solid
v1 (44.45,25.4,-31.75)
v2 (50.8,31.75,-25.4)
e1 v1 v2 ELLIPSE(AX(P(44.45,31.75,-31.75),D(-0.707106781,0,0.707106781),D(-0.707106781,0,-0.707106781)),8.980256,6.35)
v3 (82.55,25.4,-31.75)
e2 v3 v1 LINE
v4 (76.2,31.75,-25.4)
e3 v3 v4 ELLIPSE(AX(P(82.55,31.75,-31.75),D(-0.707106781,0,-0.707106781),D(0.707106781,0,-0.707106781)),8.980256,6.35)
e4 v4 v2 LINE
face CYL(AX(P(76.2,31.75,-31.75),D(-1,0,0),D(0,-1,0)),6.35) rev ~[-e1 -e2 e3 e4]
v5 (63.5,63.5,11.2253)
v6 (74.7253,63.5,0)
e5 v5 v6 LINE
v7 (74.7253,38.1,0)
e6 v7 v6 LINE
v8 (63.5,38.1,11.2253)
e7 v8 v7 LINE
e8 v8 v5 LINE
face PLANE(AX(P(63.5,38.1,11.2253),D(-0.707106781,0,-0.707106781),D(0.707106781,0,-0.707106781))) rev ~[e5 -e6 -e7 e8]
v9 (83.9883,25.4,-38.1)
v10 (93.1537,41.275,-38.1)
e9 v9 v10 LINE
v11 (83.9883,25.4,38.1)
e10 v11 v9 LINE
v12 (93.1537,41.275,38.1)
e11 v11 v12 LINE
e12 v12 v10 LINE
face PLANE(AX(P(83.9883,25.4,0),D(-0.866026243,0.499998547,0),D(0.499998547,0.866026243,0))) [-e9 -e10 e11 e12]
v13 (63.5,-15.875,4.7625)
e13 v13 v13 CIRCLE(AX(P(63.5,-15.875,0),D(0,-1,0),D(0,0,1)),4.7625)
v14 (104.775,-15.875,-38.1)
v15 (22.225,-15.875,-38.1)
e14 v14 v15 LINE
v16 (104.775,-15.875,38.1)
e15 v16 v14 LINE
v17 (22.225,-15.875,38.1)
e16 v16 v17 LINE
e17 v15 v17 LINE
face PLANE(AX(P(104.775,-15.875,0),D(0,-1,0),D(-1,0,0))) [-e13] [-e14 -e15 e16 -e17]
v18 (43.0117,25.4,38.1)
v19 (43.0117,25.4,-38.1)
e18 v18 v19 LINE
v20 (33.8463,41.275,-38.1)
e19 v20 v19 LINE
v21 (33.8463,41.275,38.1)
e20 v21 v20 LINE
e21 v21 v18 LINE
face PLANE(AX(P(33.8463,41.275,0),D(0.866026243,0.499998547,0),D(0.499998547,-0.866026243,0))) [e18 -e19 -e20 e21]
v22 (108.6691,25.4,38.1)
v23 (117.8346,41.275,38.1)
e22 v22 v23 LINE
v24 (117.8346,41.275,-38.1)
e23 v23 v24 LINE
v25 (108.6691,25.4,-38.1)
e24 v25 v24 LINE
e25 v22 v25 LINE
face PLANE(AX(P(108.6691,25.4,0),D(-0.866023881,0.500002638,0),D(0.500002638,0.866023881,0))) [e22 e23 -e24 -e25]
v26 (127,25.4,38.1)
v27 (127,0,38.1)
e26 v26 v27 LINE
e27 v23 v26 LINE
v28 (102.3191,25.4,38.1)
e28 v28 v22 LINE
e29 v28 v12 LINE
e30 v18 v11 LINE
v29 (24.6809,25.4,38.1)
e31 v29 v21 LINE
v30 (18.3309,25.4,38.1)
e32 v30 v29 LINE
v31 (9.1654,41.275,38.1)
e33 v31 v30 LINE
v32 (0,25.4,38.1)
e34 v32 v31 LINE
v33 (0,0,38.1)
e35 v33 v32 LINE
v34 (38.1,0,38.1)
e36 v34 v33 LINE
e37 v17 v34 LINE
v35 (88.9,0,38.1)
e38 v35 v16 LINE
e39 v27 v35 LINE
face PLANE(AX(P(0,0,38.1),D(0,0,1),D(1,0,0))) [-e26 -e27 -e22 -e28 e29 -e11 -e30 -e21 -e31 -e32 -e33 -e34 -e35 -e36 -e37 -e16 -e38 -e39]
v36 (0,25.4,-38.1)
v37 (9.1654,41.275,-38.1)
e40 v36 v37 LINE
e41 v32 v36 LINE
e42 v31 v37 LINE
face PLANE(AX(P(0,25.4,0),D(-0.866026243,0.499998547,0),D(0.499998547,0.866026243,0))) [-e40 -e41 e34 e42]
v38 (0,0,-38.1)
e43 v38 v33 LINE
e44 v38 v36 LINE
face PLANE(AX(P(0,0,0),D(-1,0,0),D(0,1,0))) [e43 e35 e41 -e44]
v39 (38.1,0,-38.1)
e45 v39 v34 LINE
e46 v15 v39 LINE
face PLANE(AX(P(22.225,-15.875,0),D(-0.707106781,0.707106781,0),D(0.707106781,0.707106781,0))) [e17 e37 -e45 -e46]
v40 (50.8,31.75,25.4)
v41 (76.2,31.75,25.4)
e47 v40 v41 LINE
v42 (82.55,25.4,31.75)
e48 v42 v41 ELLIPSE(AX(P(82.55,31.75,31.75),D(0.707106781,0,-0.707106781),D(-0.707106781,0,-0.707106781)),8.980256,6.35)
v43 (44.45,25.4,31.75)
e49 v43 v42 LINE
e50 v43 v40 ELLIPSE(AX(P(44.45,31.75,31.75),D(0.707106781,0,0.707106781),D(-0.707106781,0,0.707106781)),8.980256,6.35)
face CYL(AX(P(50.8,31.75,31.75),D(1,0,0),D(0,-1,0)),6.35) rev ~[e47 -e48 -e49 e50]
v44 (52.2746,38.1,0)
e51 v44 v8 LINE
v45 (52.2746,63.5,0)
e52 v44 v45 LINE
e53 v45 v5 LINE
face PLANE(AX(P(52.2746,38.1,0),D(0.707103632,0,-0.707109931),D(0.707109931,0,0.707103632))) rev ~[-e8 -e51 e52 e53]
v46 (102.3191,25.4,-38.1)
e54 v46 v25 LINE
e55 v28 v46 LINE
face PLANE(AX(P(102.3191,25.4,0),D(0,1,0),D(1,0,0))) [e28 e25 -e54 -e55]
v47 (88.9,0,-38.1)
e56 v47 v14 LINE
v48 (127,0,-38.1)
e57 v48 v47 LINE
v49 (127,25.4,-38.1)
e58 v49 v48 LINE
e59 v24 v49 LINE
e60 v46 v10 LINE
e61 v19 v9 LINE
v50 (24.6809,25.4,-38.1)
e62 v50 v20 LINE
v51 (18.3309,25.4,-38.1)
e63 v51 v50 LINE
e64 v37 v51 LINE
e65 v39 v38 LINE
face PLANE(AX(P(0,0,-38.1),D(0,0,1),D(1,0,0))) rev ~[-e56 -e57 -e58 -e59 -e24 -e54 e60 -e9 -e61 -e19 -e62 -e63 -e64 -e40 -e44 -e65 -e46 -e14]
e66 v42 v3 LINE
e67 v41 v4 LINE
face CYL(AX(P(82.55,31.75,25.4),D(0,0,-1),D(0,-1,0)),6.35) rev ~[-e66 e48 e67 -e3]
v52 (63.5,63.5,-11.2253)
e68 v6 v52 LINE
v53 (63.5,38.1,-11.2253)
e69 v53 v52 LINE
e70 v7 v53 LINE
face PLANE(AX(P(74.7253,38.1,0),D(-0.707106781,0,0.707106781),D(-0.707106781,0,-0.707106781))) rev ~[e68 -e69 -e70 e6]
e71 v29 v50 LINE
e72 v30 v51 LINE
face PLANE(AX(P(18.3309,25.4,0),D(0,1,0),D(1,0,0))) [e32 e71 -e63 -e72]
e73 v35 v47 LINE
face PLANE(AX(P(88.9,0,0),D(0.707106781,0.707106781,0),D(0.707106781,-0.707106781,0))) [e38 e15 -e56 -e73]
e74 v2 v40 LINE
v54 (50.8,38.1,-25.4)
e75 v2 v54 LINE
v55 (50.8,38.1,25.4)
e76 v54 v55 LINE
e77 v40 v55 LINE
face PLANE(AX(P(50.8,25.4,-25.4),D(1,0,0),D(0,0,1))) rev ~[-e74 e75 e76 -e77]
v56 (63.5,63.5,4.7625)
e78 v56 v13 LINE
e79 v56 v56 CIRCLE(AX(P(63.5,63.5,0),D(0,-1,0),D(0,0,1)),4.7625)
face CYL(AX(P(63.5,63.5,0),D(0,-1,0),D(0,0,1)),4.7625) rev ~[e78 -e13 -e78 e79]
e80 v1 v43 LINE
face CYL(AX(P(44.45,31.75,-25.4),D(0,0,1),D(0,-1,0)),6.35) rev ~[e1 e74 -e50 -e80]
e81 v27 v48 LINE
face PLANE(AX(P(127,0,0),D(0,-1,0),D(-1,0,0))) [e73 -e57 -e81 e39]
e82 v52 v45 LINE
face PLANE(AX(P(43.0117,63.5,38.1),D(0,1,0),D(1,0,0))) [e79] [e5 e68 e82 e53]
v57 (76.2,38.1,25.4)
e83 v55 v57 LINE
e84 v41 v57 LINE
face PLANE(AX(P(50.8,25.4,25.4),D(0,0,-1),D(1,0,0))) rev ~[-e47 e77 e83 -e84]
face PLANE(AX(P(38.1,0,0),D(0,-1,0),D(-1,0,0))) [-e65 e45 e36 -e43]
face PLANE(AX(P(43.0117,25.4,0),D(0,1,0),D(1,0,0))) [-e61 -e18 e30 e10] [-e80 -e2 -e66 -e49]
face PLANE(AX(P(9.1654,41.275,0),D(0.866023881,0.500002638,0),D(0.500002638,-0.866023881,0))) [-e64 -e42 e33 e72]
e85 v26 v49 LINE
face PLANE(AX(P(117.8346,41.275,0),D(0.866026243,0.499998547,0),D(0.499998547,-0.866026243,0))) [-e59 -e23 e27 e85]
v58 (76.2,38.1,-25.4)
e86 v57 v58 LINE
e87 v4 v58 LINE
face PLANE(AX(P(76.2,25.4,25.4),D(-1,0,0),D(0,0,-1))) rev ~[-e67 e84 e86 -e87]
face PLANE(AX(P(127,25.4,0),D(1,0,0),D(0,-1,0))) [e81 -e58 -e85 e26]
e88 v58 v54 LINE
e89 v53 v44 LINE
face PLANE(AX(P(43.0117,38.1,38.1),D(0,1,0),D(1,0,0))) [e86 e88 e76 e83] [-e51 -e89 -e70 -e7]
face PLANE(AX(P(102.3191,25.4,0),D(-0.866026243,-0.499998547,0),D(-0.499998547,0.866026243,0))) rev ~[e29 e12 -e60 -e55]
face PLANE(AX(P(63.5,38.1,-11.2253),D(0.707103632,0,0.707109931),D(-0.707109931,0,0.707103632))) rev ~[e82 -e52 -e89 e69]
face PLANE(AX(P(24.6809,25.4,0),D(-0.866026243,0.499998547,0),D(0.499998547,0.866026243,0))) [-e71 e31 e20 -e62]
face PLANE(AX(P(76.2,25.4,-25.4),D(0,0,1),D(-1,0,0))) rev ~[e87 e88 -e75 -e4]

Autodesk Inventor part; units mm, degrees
ref_plane "YZ Plane" through (0, 0, 0) normal (1, 0, 0) x (0, 1, 0)
ref_plane "XZ Plane" through (0, 0, 0) normal (0, 1, 0) x (-1, 0, 0)
ref_plane "XY Plane" through (0, 0, 0) normal (0, 0, 1) x (1, 0, 0)
sketch "Sketch1" plane through (0, 0, 0) normal (0, 0, 1) x (1, 0, 0)
  line L0 (0, 0) -> (0, 25.4)
  line L1 (0, 25.4) -> (9.1654, 41.275)
  line L2 (9.1654, 41.275) -> (18.3309, 25.4)
  line L3 (18.3309, 25.4) -> (24.6809, 25.4)
  line L4 (24.6809, 25.4) -> (33.8463, 41.275)
  line L5 (33.8463, 41.275) -> (43.0117, 25.4)
  line L6 (43.0117, 25.4) -> (83.9883, 25.4)
  line L7 (102.3191, 25.4) -> (108.6691, 25.4)
  line L8 (108.6691, 25.4) -> (117.8346, 41.275)
  line L9 (117.8346, 41.275) -> (127, 25.4)
  line L10 (127, 25.4) -> (127, 0)
  line L11 (127, 0) -> (88.9, 0)
  line L12 (88.9, 0) -> (104.775, -15.875)
  line L13 (104.775, -15.875) -> (22.225, -15.875)
  line L14 (22.225, -15.875) -> (38.1, 0)
  line L15 (38.1, 0) -> (0, 0)
  line L16 (9.1654, 41.275) -> (117.8346, 41.275) construction
  line L17 (102.3191, 25.4) -> (93.1537, 41.275)
  line L18 (83.9883, 25.4) -> (93.1537, 41.275)
  dimension "d0" = 45
  dimension "d1" = 45
  dimension "d2" = 127
  dimension "d3" = 60
  dimension "d4" = 6.35
  dimension "d5" = 25.4
  dimension "d6" = 25.4
  dimension "d7" = 38.1
  dimension "d8" = 15.875
  dimension "d9" = 6.35
  dimension "d10" = 60
  dimension "d12" = 60
  dimension "d13" = 25.4
  dimension "d14" = 25.4
  dimension "d15" = 25.4
  dimension "d16" = 15.875
  dimension "d17" = 60
extrude "MAIN BODY" add sketch "Sketch1" along normal mid plane 76.2
sketch "Sketch2" plane through (43.0117, 25.4, 38.1) normal (0, 1, 0) x (1, 0, 0)
  line L0 (7.7883, 12.7) -> (33.1883, 12.7)
  line L1 (33.1883, 12.7) -> (33.1883, 63.5)
  line L2 (33.1883, 63.5) -> (7.7883, 63.5)
  line L3 (7.7883, 63.5) -> (7.7883, 12.7)
  line L4 (40.9765, 0) -> (0, 0) projected
  line L5 (0, 76.2) -> (40.9765, 76.2) projected
  line L6 (40.9765, 76.2) -> (40.9765, 0) projected
  line L7 (0, 76.2) -> (0, 0) projected
  point P0 (-43.0117, 38.1)
  point P1 (20.4883, 12.7)
  dimension "d25" = 50.8
  dimension "d26" = 25.4
  dimension "d27" = 12.7
  dimension "d28" = 40.9765
  dimension "d29" = 7.7883
  dimension "d30" = 76.2
extrude "LARGE BOSS" add sketch "Sketch2" along normal blind 12.7 contours L3 L2 L1 L0
sketch "Sketch3" plane through (43.0117, 38.1, 38.1) normal (0, 1, 0) x (1, 0, 0)
  line L0 (7.7883, 12.7) -> (7.7883, 63.5) projected
  line L1 (9.2629, 38.1) -> (20.4883, 26.8747)
  line L2 (20.4883, 26.8747) -> (31.7136, 38.1)
  line L3 (31.7136, 38.1) -> (20.4883, 49.3253)
  line L4 (20.4883, 49.3253) -> (9.2629, 38.1)
  line L5 (33.1883, 12.7) -> (33.1883, 63.5) projected
  line L6 (7.7883, 63.5) -> (33.1883, 63.5) projected
  line L7 (20.4883, 63.5) -> (20.4883, 12.7) construction
  line L8 (7.7883, 12.7) -> (33.1883, 12.7) projected
  line L9 (7.7883, 38.1) -> (33.1883, 38.1) construction
  point P0 (-43.0117, 38.1)
  dimension "d34" = 15.875
  dimension "d35" = 15.875
  dimension "d36" = 45
extrude "TALL BOSS" add sketch "Sketch3" along normal blind 25.4 contours L4 L3 L2 L1
sketch "Sketch4" plane through (43.0117, 63.5, 38.1) normal (0, 1, 0) x (1, 0, 0)
  line L0 (20.4883, 49.3253) -> (9.2629, 38.1) projected
  line L1 (20.4883, 26.8747) -> (31.7136, 38.1) projected
  line L2 (9.2629, 38.1) -> (31.7136, 38.1)
  line L3 (31.7136, 38.1) -> (20.4883, 49.3253) projected
  line L4 (20.4883, 49.3253) -> (20.4883, 26.8747)
  point P0 (-43.0117, 38.1)
  point P1 (20.4883, 38.1)
hole "THROUGH HOLE" at (63.5, 63.5, 0) direction (0, -1, 0) diameter 9.525 end through all
fillet "LARGE BOSS FILLET" radius 6.35 4 edges at (76.2, 25.4, 0) (63.5, 25.4, -25.4) (50.8, 25.4, 0) (63.5, 25.4, 25.4)
equation "\"d1\" = d0"
equation "\"d6\" = d5"
equation "\"d9\" = d4"
equation "\"d10\" = d3"
equation "\"d12\" = d11"
equation "\"d13\" = d6"
equation "\"d14\" = d13"
equation "\"d27\" = -0.5 * d25 + 0.5 * d30"
equation "\"d29\" = -0.5 * d26 + 0.5 * d28"
equation "\"d11\" = d10"
properties part number "2020-10-BK" material "Gold"
